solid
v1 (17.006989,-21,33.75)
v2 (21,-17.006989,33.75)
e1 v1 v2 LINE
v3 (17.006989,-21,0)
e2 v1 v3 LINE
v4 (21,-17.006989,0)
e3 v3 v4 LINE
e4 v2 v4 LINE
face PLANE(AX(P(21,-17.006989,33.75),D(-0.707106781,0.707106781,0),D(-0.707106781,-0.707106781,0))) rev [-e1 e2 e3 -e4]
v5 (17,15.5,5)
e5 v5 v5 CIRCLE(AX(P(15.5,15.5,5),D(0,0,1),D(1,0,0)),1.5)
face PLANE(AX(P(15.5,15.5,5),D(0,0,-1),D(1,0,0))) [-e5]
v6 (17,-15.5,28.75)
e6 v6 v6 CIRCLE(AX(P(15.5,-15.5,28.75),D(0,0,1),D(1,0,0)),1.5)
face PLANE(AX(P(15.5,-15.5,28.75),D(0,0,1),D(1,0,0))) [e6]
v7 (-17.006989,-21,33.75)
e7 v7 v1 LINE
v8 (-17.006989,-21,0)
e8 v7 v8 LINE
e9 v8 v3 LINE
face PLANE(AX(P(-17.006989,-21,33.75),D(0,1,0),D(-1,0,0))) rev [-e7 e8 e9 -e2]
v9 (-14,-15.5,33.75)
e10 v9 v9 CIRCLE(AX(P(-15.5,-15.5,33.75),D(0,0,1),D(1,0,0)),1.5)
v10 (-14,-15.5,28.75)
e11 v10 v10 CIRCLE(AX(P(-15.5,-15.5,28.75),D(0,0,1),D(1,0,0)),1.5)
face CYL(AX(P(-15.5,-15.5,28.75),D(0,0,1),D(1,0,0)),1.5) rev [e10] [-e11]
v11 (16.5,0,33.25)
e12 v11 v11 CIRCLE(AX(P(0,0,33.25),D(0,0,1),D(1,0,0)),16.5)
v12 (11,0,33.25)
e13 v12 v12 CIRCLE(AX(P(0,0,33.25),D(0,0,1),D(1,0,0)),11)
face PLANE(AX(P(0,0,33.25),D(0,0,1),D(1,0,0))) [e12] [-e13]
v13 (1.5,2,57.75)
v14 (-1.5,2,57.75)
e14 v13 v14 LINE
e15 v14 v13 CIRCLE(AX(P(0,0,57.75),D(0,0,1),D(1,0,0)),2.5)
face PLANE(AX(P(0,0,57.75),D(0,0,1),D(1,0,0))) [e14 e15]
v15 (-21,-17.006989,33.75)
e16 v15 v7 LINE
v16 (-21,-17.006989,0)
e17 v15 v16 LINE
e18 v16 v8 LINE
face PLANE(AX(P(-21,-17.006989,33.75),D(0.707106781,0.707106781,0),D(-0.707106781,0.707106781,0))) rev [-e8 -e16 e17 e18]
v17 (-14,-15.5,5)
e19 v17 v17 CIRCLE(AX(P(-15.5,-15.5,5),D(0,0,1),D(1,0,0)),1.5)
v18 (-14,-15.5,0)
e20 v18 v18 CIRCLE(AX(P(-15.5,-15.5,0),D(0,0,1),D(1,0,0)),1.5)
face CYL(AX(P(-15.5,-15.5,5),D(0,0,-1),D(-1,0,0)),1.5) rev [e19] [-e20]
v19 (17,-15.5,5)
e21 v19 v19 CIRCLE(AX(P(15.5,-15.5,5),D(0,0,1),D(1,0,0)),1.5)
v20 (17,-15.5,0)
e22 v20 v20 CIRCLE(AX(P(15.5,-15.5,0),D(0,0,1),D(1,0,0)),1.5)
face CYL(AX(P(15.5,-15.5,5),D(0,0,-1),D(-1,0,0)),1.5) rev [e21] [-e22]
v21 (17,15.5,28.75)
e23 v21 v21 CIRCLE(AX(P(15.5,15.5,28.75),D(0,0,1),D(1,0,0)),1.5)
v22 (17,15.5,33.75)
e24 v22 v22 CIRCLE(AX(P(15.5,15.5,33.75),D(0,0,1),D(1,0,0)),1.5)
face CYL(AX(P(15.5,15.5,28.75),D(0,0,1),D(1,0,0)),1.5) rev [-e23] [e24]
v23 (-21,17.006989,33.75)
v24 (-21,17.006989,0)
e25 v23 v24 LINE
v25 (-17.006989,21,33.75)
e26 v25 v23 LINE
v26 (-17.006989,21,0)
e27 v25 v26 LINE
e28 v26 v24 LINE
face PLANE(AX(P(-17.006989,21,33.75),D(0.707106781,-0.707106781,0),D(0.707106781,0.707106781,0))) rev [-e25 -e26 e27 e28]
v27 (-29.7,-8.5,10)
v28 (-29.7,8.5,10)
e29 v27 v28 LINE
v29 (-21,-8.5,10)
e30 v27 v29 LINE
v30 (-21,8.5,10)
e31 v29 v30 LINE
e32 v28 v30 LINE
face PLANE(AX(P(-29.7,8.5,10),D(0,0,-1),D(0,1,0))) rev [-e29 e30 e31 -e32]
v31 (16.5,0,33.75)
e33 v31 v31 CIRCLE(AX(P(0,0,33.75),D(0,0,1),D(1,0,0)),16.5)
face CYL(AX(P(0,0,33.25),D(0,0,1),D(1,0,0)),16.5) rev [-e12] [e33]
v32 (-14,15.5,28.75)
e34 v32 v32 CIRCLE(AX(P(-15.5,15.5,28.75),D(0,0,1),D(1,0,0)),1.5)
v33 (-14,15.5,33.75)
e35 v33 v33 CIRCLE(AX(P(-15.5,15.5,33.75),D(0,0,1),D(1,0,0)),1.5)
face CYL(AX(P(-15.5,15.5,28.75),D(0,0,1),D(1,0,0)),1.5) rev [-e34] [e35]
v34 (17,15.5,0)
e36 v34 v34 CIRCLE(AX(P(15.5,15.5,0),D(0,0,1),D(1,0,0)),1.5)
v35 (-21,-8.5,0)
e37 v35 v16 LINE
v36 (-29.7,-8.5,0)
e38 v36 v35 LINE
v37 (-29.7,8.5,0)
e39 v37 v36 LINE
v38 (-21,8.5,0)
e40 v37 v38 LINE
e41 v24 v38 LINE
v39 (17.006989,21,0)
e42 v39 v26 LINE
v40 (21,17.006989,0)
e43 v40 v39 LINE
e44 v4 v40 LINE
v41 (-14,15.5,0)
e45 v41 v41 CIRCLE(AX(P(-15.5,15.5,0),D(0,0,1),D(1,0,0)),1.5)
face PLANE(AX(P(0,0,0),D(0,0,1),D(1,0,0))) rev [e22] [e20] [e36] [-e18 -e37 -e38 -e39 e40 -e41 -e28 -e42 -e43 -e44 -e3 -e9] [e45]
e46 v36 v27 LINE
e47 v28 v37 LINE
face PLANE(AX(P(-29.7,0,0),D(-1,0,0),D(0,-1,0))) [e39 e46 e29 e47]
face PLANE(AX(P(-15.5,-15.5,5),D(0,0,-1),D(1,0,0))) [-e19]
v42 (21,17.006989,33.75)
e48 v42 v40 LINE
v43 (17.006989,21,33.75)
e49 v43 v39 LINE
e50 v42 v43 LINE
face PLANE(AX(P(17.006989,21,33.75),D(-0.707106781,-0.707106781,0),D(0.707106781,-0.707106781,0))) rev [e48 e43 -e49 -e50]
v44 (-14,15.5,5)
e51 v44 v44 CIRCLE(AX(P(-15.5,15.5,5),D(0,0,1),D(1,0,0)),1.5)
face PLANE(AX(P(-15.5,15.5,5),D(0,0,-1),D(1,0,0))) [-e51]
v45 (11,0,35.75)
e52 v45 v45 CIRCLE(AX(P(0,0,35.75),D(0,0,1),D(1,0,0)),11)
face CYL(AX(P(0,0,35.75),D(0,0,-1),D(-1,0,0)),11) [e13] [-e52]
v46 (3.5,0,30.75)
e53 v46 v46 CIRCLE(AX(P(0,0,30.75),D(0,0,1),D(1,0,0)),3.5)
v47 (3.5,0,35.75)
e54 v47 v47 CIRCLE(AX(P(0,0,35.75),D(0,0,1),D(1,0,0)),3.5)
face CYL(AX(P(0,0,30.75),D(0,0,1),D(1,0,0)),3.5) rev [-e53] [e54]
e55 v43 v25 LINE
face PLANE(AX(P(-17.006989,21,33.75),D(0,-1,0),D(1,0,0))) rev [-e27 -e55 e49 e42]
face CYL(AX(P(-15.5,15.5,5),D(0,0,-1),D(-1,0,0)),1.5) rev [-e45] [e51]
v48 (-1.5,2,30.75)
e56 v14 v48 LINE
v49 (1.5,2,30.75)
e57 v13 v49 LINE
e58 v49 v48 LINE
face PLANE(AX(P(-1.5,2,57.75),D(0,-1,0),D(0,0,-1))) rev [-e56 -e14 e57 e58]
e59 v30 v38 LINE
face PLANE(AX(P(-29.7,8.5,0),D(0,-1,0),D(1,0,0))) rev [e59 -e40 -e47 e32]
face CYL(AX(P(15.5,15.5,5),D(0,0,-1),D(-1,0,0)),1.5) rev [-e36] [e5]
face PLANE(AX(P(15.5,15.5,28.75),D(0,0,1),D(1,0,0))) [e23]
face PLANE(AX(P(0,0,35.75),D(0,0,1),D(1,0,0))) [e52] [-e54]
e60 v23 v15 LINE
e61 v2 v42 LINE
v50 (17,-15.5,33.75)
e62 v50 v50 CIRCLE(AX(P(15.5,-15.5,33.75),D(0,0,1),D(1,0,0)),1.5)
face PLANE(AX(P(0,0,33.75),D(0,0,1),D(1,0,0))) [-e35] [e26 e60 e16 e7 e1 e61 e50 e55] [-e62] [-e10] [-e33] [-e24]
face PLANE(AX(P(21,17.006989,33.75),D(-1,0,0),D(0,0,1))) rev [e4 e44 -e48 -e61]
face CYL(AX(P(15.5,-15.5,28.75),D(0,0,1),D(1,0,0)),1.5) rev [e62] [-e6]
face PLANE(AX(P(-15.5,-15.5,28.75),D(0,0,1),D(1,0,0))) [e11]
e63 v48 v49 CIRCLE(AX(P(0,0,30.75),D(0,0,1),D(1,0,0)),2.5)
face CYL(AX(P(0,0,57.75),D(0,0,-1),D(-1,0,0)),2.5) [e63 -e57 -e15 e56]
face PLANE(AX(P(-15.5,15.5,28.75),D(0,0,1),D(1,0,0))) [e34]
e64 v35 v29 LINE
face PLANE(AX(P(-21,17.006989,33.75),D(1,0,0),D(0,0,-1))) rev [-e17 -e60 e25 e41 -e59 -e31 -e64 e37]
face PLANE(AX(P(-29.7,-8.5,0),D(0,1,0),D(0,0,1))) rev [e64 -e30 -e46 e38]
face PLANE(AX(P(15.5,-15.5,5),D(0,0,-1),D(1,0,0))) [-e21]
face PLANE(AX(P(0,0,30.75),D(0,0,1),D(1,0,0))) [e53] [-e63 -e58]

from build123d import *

# Parameters (mm, degrees)
BOSS_EXTRUDE1_DEPTH = 33.75
SKETCH2_R           = 16.5
CUT_EXTRUDE1_DEPTH  = 0.5
SKETCH3_R           = 11
BOSS_EXTRUDE2_DEPTH = 2.5
SKETCH4_R           = 3.5
CUT_EXTRUDE2_DEPTH  = 5
BOSS_EXTRUDE3_DEPTH = 27
SKETCH6_R           = 1.5
CUT_EXTRUDE3_DEPTH  = 5
SKETCH7_W           = 10
SKETCH7_H           = 17
BOSS_EXTRUDE4_DEPTH = 8.7


with BuildPart() as part:
    # Sketch1 → Boss-Extrude1 (new body)
    with BuildSketch(Plane.XY):
        Polygon((-17.006989489, 21), (-21, 17.006989489), (-21, -17.006989489), (-17.006989489, -21), (17.006989489, -21), (21, -17.006989489), (21, 17.006989489), (17.006989489, 21), align=None)
    extrude(amount=BOSS_EXTRUDE1_DEPTH)

    # Sketch2 → Cut-Extrude1 (cut)
    with BuildSketch(Plane.XY.offset(33.75)):
        Circle(SKETCH2_R)
    extrude(amount=-CUT_EXTRUDE1_DEPTH, mode=Mode.SUBTRACT)

    # Sketch3 → Boss-Extrude2 (add)
    with BuildSketch(Plane.XY.offset(33.25)):
        Circle(SKETCH3_R)
    extrude(amount=BOSS_EXTRUDE2_DEPTH)

    # Sketch4 → Cut-Extrude2 (cut)
    with BuildSketch(Plane.XY.offset(35.75)):
        Circle(SKETCH4_R)
    extrude(amount=-CUT_EXTRUDE2_DEPTH, mode=Mode.SUBTRACT)

    # Sketch5 → Boss-Extrude3 (add)
    with BuildSketch(Plane.XY.offset(30.75)):
        with BuildLine():
            Line((-1.5, 2), (1.5, 2))
            ThreePointArc((1.5, 2), (0, -2.5), (-1.5, 2))
        make_face()
    extrude(amount=BOSS_EXTRUDE3_DEPTH)

    # Sketch6 → Cut-Extrude3 (cut)
    with BuildSketch(Plane.XY.offset(33.75)):
        with Locations((-15.5, 15.5)):
            Circle(SKETCH6_R)
        with Locations((15.5, 15.5)):
            Circle(SKETCH6_R)
        with Locations((15.5, -15.5)):
            Circle(SKETCH6_R)
        with Locations((-15.5, -15.5)):
            Circle(SKETCH6_R)
    cut_extrude3 = extrude(amount=-CUT_EXTRUDE3_DEPTH, mode=Mode.SUBTRACT)

    # Mirror1: Cut-Extrude3 across plane
    add(cut_extrude3.mirror(Plane(origin=(0, 0, 16.875), x_dir=(1, 0, 0), z_dir=(0, 0, -1))), mode=Mode.SUBTRACT)

    # Sketch7 → Boss-Extrude4 (add)
    with BuildSketch(Plane.ZY.offset(21)):
        with Locations((5, 0)):
            Rectangle(SKETCH7_W, SKETCH7_H)
    extrude(amount=BOSS_EXTRUDE4_DEPTH)


solid = part.part
